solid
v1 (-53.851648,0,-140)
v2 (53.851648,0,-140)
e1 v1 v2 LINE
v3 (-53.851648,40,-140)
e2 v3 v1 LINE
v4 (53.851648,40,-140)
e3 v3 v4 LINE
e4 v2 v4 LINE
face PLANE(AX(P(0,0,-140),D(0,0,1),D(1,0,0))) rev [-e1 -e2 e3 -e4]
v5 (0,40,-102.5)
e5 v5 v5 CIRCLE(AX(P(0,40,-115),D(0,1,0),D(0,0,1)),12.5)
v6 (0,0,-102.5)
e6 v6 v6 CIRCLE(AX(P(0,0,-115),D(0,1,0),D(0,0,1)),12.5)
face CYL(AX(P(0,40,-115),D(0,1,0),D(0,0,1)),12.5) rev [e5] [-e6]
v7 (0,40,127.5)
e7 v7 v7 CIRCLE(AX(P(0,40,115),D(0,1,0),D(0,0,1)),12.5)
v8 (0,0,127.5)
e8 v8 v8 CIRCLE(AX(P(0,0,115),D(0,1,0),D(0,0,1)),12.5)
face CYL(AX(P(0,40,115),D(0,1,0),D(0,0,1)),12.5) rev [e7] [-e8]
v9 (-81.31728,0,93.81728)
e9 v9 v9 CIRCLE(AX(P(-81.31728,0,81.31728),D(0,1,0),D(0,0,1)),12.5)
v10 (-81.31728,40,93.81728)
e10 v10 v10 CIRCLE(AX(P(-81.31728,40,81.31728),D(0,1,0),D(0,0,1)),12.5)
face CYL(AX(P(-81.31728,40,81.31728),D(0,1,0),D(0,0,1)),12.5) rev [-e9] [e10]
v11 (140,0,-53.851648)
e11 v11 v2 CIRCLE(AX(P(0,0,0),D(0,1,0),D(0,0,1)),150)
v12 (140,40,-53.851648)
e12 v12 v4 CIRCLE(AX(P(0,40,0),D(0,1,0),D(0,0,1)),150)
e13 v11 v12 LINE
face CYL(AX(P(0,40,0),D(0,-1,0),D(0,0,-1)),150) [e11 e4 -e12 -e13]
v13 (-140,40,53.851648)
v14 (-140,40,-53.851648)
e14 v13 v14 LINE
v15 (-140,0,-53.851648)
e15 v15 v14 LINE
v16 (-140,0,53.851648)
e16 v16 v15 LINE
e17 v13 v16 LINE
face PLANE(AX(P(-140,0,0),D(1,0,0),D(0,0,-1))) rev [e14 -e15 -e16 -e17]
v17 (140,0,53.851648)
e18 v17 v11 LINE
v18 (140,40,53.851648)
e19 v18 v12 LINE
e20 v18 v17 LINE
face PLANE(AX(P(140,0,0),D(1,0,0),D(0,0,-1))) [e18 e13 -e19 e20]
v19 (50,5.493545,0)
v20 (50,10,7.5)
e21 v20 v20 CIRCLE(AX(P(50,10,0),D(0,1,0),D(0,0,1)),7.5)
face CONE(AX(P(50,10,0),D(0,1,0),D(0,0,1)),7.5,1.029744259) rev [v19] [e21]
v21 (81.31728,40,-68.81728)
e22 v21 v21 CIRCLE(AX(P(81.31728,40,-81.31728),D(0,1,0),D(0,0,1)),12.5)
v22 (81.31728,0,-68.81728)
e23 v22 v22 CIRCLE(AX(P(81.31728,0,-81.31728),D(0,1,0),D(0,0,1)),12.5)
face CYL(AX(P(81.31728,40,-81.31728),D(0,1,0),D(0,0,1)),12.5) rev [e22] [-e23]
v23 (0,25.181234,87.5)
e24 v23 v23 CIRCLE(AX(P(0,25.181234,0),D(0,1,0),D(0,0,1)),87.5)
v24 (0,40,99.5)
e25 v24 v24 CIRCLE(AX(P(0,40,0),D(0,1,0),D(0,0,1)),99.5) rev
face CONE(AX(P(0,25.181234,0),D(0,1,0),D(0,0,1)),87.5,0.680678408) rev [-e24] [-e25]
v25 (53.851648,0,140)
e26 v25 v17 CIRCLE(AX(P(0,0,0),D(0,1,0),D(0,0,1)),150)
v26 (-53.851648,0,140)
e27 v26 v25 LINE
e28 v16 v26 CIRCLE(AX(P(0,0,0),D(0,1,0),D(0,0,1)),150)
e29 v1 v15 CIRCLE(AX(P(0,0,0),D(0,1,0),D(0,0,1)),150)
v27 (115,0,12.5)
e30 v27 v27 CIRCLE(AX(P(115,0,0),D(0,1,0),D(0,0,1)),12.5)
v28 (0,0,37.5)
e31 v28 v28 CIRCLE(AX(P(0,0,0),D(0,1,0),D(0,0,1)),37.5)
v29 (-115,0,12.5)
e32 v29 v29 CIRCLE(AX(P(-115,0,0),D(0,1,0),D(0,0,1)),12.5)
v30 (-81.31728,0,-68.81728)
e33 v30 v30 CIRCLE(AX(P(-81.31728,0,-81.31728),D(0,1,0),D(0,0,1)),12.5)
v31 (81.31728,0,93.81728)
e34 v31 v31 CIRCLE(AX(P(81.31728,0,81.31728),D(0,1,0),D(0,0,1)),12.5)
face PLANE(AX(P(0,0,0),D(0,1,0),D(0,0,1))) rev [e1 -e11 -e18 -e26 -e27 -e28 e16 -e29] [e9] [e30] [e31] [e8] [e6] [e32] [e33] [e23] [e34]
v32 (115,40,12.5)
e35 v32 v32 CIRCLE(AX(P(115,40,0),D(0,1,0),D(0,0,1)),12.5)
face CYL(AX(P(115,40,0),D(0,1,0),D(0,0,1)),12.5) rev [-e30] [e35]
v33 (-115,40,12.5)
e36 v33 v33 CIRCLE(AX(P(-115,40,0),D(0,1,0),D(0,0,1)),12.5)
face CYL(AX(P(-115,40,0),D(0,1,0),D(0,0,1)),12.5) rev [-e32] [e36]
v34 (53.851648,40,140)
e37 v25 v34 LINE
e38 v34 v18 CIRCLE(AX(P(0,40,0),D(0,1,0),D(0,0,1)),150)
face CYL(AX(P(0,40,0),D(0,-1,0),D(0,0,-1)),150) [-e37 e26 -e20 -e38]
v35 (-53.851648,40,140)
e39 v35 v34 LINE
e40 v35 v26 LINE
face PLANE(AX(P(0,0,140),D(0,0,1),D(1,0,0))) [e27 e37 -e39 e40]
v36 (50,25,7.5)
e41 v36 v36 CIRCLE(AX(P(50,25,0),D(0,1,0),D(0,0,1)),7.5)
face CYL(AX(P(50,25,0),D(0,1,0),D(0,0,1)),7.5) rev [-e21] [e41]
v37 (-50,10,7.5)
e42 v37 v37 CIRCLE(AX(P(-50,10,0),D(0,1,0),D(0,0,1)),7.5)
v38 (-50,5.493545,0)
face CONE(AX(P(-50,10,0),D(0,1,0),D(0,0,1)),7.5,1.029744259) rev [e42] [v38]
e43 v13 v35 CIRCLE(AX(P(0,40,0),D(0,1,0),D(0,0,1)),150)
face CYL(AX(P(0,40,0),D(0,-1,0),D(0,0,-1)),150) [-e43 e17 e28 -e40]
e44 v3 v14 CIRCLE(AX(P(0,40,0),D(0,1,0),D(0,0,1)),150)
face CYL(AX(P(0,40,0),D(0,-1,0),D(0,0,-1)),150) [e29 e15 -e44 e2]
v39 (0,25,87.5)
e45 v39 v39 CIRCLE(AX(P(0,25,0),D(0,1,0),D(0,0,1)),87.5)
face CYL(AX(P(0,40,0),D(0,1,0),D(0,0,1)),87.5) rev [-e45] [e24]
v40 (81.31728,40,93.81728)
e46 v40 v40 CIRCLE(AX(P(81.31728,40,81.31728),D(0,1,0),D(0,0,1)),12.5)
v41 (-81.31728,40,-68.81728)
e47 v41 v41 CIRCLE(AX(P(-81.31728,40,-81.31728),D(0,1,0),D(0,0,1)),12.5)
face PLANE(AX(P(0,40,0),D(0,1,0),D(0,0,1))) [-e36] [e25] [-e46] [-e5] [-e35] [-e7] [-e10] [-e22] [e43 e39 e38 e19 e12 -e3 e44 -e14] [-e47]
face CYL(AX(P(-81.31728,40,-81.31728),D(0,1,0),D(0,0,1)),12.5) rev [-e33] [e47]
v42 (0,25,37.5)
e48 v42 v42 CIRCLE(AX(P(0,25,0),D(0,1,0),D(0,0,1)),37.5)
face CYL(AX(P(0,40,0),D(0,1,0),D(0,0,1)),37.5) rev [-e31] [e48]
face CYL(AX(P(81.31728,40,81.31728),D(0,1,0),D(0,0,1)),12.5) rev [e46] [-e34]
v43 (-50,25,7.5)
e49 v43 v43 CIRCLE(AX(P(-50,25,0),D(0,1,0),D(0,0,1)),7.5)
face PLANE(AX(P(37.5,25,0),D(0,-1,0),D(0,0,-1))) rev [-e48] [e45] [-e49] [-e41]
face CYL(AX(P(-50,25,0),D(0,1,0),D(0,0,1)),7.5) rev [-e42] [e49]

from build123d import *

# Parameters (mm, degrees)
SKETCH1_R                                = 150
BOSS_EXTRUDE1_DEPTH                      = 40
CBORE_FOR_M64_HEX_HEAD_BOLT1_D           = 75
CBORE_FOR_M64_HEX_HEAD_BOLT1_CBORE_D     = 175
CBORE_FOR_M64_HEX_HEAD_BOLT1_CBORE_DEPTH = 15
F_25_0_25_DIAMETER_HOLE1_D               = 25
CIRPATTERN2_COUNT                        = 8
CHAMFER1_SIZE                            = 12
CHAMFER1_SIZE2                           = 14.818765878
F_15_0_15_DIAMETER_HOLE1_D               = 15
F_15_0_15_DIAMETER_HOLE1_DEPTH           = 15
F_15_0_15_DIAMETER_HOLE1_TIP             = 4.506454643


with BuildPart() as part:
    # Sketch1 → Boss-Extrude1 (new body)
    with BuildSketch(Plane(origin=(0, 0, 0), x_dir=(1, 0, 0), z_dir=(0, 1, 0))):
        with Locations(Location((0, 0, 0), (0, 0, 270))):
            Circle(SKETCH1_R)
    extrude(amount=BOSS_EXTRUDE1_DEPTH)

    # CBORE for M64 Hex Head Bolt1 (through all)
    with Locations(Plane(origin=(0, 40, 0), x_dir=(1, 0, 0), z_dir=(0, 1, 0))):
        with Locations((0, 0)):
            CounterBoreHole(CBORE_FOR_M64_HEX_HEAD_BOLT1_D / 2, CBORE_FOR_M64_HEX_HEAD_BOLT1_CBORE_D / 2, CBORE_FOR_M64_HEX_HEAD_BOLT1_CBORE_DEPTH)

    # Ø25.0 (25) Diameter Hole1 (through all)
    with Locations(Plane(origin=(0, 40, 0), x_dir=(1, 0, 0), z_dir=(0, 1, 0))):
        with Locations((115, 0)):
            f_25_0_25_diameter_hole1 = Hole(F_25_0_25_DIAMETER_HOLE1_D / 2)

    # CirPattern2: Ø25.0 (25) Diameter Hole1 ×8 about axis
    cirpattern2_axis = Axis((0, 0, 0), (0, 1, 0))
    for i in range(1, CIRPATTERN2_COUNT):
        add(f_25_0_25_diameter_hole1.rotate(cirpattern2_axis, i * 360 / CIRPATTERN2_COUNT), mode=Mode.SUBTRACT)

    # Chamfer1
    chamfer1_edges = [part.edges().sort_by_distance(p)[0] for p in [
        (-87.5, 40, 0),
    ]]
    chamfer1_side = [part.faces().sort_by_distance(p)[0] for p in [
        (0, 40, -145.757359313),
    ]]
    chamfer(chamfer1_edges, length=CHAMFER1_SIZE, length2=CHAMFER1_SIZE2, reference=chamfer1_side[0])

    # SurfaceCut1
    split(bisect_by=Plane(origin=(-140, 0, 0), x_dir=(0, 0, -1), z_dir=(1, 0, 0)), keep=Keep.TOP)

    # SurfaceCut2
    split(bisect_by=Plane.XY.offset(140), keep=Keep.BOTTOM)

    # SurfaceCut3
    split(bisect_by=Plane(origin=(140, 0, 0), x_dir=(0, 0, -1), z_dir=(1, 0, 0)), keep=Keep.BOTTOM)

    # SurfaceCut4
    split(bisect_by=Plane.XY.offset(-140), keep=Keep.TOP)

    # Ø15.0 (15) Diameter Hole1
    with Locations(Plane(origin=(0, 25, 0), x_dir=(1, 0, 0), z_dir=(0, 1, 0))):
        with Locations((-50, 0), (50, 0)):
            Hole(F_15_0_15_DIAMETER_HOLE1_D / 2, depth=F_15_0_15_DIAMETER_HOLE1_DEPTH)
            with Locations((0, 0, -(F_15_0_15_DIAMETER_HOLE1_DEPTH + F_15_0_15_DIAMETER_HOLE1_TIP / 2))):  # 118° drill point
                Cone(0, F_15_0_15_DIAMETER_HOLE1_D / 2, F_15_0_15_DIAMETER_HOLE1_TIP, mode=Mode.SUBTRACT)


solid = part.part
